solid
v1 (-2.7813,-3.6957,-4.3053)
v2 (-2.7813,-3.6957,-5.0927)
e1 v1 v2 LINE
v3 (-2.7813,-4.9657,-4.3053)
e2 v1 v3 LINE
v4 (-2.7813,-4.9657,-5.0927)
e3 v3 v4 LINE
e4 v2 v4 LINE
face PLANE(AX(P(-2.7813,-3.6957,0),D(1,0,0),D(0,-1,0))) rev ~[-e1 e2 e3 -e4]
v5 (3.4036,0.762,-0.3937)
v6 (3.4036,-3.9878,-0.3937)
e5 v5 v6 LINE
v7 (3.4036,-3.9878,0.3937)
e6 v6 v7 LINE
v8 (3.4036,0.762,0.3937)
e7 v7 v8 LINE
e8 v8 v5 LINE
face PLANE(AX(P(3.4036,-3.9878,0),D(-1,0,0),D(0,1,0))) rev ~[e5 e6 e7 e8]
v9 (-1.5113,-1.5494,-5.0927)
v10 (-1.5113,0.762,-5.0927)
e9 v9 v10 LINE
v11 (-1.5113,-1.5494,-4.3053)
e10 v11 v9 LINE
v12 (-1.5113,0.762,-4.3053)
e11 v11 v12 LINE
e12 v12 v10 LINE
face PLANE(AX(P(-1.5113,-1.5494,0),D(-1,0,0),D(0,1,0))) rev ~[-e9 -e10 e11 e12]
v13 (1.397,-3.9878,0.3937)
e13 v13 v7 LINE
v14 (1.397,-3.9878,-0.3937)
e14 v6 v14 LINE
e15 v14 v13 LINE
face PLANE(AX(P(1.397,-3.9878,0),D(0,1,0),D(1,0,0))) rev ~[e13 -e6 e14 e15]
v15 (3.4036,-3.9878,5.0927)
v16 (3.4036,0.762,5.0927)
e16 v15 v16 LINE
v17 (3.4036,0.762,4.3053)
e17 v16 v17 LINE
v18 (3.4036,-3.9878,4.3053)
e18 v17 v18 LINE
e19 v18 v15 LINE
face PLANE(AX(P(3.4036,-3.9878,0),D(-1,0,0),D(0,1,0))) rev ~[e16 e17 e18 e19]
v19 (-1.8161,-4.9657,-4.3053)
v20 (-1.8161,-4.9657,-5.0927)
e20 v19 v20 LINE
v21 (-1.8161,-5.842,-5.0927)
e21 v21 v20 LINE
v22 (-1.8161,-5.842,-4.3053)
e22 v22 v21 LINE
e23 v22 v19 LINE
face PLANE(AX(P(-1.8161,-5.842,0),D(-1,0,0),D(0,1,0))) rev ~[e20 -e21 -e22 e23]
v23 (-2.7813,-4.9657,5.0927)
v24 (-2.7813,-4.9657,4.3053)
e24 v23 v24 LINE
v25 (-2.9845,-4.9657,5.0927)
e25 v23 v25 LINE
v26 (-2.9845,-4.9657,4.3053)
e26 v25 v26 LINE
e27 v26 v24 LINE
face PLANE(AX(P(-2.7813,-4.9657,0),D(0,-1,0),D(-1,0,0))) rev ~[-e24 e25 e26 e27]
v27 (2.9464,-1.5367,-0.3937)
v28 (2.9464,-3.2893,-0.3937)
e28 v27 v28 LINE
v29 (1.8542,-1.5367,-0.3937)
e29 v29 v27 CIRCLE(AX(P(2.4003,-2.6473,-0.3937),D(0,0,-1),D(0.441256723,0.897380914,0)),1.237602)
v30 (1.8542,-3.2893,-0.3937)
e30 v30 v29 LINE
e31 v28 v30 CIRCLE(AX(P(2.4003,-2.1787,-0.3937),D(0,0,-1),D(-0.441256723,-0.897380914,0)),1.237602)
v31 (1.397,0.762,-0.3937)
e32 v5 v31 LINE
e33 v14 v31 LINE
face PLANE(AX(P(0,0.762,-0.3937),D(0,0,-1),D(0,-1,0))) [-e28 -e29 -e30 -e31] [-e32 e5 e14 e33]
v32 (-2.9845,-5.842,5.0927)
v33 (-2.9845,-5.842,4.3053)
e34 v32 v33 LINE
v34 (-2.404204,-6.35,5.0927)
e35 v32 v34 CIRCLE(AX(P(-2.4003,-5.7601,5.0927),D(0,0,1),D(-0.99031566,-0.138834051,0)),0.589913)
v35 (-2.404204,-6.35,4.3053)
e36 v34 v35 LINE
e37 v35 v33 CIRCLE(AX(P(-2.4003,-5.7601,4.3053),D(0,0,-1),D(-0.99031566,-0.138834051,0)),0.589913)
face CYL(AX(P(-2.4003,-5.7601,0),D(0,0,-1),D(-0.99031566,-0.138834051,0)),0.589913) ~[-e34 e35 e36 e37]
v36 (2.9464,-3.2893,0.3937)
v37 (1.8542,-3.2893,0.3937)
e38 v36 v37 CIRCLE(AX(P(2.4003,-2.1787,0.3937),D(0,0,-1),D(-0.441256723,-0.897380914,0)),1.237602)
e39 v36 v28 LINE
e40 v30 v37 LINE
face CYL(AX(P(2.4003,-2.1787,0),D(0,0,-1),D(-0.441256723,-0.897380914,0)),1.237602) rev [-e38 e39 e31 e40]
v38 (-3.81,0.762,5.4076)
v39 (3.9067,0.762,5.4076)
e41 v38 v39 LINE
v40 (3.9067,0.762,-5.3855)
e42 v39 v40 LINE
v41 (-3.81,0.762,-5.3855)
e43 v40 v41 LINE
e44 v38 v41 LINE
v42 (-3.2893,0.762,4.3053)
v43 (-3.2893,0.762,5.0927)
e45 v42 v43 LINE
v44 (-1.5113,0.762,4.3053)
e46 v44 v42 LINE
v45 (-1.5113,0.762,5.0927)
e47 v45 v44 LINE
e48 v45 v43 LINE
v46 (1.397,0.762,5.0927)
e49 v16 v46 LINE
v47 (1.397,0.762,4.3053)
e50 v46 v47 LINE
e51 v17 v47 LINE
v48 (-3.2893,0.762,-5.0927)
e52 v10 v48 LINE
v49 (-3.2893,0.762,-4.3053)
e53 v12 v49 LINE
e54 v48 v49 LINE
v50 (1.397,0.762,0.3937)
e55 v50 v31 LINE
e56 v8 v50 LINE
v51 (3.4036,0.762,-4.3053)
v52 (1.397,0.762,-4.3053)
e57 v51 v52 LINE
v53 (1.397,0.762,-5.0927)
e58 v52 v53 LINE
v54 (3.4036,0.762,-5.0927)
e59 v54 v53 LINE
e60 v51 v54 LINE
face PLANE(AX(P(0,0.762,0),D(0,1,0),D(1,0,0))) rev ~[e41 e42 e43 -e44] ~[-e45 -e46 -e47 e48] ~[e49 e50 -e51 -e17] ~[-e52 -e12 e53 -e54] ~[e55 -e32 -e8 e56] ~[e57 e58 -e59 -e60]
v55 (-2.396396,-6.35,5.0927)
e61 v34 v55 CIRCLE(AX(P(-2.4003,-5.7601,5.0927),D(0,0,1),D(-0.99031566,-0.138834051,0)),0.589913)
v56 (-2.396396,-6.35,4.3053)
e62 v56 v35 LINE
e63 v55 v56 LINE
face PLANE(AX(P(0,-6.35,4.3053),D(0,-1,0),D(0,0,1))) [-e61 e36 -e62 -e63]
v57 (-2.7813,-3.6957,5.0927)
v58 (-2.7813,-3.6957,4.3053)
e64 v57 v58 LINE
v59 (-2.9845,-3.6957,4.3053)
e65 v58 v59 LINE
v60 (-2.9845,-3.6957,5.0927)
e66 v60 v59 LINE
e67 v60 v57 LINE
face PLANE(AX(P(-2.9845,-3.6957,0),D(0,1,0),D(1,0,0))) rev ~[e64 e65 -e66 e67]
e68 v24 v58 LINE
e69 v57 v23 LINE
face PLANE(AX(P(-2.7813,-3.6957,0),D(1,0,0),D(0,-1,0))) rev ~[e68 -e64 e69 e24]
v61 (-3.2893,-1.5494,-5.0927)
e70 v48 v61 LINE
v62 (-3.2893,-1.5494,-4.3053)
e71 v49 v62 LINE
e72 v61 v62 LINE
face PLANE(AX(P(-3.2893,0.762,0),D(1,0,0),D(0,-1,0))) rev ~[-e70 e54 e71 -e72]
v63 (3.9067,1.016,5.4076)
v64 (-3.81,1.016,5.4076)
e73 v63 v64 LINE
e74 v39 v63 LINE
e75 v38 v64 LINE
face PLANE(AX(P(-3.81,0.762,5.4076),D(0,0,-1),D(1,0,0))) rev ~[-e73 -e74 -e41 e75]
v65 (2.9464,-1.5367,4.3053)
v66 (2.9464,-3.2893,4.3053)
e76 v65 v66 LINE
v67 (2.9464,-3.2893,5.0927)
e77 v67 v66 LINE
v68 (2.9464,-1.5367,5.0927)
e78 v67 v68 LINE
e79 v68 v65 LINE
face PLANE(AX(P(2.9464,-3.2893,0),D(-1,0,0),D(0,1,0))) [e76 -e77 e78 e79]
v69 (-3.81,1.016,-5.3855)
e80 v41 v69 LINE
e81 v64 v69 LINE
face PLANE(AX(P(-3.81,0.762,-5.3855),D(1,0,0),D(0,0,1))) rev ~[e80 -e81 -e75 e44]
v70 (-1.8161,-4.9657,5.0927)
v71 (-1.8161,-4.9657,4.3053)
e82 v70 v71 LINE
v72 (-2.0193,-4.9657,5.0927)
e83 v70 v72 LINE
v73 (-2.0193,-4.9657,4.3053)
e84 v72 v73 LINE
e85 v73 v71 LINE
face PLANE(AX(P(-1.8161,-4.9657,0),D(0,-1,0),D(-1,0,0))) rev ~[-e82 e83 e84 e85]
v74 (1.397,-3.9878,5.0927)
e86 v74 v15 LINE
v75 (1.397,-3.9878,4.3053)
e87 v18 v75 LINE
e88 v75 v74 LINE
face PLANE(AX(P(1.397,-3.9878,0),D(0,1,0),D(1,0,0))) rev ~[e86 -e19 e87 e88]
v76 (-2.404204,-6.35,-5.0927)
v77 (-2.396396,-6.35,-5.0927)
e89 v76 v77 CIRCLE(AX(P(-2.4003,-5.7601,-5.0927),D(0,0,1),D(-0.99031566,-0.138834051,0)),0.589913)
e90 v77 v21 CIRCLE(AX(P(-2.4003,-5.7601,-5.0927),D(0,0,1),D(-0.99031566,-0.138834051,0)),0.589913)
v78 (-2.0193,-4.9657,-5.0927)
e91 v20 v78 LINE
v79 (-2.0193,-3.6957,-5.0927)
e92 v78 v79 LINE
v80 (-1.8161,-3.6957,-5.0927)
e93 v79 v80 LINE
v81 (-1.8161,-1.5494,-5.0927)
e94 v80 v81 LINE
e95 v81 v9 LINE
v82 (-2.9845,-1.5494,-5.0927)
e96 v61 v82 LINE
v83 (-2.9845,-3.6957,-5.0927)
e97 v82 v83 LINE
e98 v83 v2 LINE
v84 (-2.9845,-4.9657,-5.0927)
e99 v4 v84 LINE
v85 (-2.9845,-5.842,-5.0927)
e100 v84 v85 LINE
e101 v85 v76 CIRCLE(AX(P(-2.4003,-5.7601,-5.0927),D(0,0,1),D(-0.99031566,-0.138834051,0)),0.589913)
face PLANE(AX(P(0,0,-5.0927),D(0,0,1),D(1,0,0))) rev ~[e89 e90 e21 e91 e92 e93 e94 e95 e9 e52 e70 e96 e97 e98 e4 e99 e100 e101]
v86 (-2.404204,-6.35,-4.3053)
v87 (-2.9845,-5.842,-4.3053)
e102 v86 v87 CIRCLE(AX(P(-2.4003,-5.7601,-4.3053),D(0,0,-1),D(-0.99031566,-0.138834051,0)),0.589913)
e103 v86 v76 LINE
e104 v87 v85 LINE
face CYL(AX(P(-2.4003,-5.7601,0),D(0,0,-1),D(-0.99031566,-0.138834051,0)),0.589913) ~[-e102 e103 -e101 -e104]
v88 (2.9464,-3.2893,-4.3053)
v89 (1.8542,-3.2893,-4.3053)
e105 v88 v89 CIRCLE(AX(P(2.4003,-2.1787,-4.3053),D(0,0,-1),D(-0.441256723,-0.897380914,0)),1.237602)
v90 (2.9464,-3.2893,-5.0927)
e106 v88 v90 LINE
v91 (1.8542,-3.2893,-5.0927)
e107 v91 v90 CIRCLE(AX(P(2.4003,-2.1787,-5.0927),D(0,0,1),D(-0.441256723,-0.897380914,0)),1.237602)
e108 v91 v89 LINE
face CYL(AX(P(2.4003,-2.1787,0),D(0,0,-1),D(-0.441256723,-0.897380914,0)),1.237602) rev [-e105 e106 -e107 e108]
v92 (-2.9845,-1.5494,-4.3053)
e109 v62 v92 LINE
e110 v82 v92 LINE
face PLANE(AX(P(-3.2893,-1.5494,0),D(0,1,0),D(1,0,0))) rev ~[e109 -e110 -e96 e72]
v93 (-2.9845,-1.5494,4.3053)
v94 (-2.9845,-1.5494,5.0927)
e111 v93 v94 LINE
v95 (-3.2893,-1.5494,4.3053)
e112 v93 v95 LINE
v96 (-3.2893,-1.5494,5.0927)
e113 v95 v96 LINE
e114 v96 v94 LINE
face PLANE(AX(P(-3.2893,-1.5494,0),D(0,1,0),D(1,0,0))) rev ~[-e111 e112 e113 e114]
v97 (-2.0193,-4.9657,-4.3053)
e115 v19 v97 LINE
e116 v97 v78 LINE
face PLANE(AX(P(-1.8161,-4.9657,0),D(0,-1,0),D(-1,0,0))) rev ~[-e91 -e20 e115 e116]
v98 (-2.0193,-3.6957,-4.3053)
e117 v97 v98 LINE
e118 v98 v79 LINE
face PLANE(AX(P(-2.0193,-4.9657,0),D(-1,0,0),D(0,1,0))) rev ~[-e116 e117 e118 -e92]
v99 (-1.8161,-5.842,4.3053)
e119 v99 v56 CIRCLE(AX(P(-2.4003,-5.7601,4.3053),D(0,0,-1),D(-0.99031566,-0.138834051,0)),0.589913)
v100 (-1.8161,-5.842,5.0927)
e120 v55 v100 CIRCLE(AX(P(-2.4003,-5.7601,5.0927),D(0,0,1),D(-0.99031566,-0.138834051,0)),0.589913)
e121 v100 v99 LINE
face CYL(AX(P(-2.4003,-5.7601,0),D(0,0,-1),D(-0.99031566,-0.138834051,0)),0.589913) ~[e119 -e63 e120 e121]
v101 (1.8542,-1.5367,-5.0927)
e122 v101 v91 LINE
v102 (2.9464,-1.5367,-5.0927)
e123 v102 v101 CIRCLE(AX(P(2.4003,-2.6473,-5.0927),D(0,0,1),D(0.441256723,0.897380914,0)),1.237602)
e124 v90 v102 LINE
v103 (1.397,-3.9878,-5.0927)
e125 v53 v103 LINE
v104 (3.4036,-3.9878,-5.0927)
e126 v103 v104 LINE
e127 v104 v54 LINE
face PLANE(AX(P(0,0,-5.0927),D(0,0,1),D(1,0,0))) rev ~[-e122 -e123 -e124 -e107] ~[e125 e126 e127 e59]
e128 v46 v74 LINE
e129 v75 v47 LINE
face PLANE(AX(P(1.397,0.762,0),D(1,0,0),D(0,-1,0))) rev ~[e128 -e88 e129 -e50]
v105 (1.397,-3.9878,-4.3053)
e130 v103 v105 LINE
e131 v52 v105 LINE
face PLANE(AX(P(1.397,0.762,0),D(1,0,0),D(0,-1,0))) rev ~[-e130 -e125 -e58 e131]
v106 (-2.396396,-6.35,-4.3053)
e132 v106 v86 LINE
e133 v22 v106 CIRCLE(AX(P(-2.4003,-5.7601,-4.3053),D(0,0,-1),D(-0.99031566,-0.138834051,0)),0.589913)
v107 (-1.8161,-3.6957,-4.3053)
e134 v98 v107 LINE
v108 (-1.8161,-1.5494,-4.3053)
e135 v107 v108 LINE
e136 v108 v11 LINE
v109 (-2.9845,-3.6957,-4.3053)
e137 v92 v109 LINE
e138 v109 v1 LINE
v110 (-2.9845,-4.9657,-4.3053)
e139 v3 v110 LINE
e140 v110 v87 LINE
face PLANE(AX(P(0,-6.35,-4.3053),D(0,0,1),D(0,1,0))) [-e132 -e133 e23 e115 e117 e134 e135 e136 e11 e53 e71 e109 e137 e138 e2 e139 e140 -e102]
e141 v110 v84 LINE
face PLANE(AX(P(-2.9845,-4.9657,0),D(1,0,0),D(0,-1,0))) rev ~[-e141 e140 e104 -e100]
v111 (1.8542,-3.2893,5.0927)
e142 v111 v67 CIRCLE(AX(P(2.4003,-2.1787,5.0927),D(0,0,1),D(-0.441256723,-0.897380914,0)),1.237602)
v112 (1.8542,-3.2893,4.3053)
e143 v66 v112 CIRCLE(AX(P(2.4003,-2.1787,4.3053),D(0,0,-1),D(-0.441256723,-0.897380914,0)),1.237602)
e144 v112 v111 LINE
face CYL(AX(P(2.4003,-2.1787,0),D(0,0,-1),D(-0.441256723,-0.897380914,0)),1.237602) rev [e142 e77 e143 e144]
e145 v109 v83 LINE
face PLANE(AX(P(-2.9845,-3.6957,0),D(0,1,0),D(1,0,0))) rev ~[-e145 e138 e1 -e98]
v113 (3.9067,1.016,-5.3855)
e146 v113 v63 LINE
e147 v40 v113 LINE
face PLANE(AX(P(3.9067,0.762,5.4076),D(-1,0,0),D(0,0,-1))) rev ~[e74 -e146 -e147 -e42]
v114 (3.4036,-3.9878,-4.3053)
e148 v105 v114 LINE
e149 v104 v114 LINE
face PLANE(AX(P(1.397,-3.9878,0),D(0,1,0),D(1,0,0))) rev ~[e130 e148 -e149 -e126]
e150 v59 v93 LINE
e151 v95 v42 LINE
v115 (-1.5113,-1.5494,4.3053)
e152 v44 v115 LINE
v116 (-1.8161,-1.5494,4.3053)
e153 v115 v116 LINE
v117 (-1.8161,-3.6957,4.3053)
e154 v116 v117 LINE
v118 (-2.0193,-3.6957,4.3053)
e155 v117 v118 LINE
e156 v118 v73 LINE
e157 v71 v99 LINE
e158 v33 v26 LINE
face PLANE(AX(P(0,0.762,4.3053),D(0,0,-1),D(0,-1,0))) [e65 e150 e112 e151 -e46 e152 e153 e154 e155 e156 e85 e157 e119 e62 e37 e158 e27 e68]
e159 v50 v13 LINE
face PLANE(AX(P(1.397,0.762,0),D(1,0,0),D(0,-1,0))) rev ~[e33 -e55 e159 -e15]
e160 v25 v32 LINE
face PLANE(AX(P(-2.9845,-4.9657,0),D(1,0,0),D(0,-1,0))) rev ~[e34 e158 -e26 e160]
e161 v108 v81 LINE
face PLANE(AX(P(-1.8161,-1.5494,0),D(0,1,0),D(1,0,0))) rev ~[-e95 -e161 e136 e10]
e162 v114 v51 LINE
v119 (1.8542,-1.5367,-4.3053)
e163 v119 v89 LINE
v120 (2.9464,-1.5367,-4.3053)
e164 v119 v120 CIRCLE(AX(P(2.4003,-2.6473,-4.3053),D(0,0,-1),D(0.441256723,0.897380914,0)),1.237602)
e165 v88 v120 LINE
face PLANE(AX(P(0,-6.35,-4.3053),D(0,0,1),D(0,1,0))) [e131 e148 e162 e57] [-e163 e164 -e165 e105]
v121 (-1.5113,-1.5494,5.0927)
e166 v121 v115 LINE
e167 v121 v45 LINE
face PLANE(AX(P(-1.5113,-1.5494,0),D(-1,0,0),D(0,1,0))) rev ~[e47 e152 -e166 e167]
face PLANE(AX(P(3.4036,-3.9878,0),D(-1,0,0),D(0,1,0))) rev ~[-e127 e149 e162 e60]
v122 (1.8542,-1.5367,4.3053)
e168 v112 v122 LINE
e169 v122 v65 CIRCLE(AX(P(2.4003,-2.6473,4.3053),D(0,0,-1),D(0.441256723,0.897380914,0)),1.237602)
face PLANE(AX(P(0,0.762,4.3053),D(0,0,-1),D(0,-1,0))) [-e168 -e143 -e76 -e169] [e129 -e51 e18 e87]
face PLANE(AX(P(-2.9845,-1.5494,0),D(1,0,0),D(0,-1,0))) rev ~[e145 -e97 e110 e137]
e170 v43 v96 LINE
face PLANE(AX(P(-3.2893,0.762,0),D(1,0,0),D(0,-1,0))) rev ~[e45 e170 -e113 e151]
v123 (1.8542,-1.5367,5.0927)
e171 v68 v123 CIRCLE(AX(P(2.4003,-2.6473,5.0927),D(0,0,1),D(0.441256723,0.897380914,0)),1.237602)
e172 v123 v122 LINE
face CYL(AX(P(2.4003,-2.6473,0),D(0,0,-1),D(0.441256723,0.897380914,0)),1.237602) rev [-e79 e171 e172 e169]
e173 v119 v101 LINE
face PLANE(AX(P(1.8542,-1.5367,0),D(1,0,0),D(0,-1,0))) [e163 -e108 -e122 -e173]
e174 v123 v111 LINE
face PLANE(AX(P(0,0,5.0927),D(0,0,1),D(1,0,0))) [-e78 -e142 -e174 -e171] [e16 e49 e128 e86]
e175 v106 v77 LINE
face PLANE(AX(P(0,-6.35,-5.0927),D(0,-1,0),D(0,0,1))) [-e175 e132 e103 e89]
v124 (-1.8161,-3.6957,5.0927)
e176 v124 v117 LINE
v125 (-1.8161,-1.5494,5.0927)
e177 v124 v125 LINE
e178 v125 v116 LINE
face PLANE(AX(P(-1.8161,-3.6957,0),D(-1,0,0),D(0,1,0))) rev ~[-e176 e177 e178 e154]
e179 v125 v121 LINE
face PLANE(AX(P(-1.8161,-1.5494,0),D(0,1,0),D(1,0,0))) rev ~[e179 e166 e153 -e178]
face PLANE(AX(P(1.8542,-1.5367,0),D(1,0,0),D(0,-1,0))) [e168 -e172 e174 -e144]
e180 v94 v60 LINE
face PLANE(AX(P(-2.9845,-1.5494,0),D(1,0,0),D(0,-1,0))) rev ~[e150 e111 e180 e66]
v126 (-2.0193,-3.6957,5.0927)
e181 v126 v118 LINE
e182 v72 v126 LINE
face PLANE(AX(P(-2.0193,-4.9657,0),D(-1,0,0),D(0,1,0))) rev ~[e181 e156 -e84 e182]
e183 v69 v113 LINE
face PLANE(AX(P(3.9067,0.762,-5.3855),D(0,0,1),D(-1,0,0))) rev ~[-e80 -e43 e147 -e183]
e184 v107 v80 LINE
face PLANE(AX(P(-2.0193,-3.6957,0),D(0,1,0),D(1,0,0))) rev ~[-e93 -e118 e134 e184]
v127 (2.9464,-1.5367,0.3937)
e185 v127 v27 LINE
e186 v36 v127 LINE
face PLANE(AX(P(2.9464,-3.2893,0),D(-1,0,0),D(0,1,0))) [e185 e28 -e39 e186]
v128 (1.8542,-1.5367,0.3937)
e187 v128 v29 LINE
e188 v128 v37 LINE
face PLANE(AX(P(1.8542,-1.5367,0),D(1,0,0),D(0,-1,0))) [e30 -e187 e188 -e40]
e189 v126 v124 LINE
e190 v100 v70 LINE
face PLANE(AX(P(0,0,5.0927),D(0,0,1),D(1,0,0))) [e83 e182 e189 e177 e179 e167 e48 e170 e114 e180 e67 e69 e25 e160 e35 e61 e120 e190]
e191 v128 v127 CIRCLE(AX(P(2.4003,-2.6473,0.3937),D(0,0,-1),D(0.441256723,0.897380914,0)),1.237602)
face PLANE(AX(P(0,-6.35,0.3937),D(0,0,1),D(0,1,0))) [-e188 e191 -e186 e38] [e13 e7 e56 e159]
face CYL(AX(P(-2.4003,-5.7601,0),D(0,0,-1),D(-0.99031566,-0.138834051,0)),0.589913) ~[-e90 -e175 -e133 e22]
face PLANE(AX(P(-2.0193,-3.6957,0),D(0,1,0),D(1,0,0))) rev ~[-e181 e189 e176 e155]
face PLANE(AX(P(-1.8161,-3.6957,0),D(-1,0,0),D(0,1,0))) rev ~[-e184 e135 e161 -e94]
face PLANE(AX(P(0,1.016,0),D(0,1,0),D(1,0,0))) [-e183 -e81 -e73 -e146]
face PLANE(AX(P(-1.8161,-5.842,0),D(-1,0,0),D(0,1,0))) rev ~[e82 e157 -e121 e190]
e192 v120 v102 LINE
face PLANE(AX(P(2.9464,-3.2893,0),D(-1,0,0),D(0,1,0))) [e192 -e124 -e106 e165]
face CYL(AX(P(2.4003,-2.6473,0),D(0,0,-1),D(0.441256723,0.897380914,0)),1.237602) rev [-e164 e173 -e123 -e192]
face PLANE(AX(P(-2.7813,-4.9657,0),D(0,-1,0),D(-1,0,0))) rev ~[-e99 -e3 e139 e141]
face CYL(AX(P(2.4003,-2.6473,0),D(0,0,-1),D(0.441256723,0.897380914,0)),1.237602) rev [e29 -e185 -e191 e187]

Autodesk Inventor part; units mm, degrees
sketch "Sketch_1" plane through (0, 0.762, 0) normal (0, 1, 0) x (1, 0, 0)
  line L0 (-6.096, -6.096) -> (6.096, -6.096)
  line L1 (6.096, -6.096) -> (6.096, 6.096)
  line L2 (6.096, 6.096) -> (-6.096, 6.096)
  line L3 (-6.096, 6.096) -> (-6.096, -6.096)
extrude "Extrusion1" add sketch "Sketch_1" along normal blind 0.254
sketch "Sketch_2" plane through (0, 0, 0) normal (0, 0, 1) x (1, 0, 0)
  line L0 (1.397, -3.9878) -> (3.4036, -3.9878)
  line L1 (3.4036, -3.9878) -> (3.4036, 0.762)
  line L2 (3.4036, 0.762) -> (1.397, 0.762)
  line L3 (1.397, 0.762) -> (1.397, -3.9878)
  arc A0 (1.8542, -3.2893) -> (2.9464, -3.2893) centre (2.4003, -2.1787) ccw
  line L4 (2.9464, -3.2893) -> (2.9464, -1.5367)
  arc A1 (2.9464, -1.5367) -> (1.8542, -1.5367) centre (2.4003, -2.6473) ccw
  line L5 (1.8542, -1.5367) -> (1.8542, -3.2893)
extrude "Extrusion2" add sketch "Sketch_2" along normal mid plane 10.1854
sketch "Sketch_3" plane through (0, 0, 0) normal (0, 0, 1) x (1, 0, 0)
  line L0 (-3.2893, 0.762) -> (-3.2893, -1.5494)
  line L1 (-3.2893, -1.5494) -> (-2.9845, -1.5494)
  line L2 (-2.9845, -1.5494) -> (-2.9845, -3.6957)
  line L3 (-2.9845, -3.6957) -> (-2.7813, -3.6957)
  line L4 (-2.7813, -3.6957) -> (-2.7813, -4.9657)
  line L5 (-2.7813, -4.9657) -> (-2.9845, -4.9657)
  line L6 (-2.9845, -4.9657) -> (-2.9845, -5.842)
  arc A0 (-2.9845, -5.842) -> (-1.8161, -5.842) centre (-2.4003, -5.7601) ccw
  line L7 (-1.8161, -5.842) -> (-1.8161, -4.9657)
  line L8 (-1.8161, -4.9657) -> (-2.0193, -4.9657)
  line L9 (-2.0193, -4.9657) -> (-2.0193, -3.6957)
  line L10 (-2.0193, -3.6957) -> (-1.8161, -3.6957)
  line L11 (-1.8161, -3.6957) -> (-1.8161, -1.5494)
  line L12 (-1.8161, -1.5494) -> (-1.5113, -1.5494)
  line L13 (-1.5113, -1.5494) -> (-1.5113, 0.762)
  line L14 (-1.5113, 0.762) -> (-3.2893, 0.762)
extrude "Extrusion3" add sketch "Sketch_3" along normal mid plane 10.1854
sketch "Sketch_4" plane through (0, 0, 0) normal (1, 0, 0) x (0, 1, 0)
  line L0 (-7.1882, 5.9756) -> (-7.1882, -5.9196)
  line L1 (-7.1882, -5.9196) -> (0.762, -5.9196)
  line L2 (0.762, -5.9196) -> (0.762, -5.0927)
  line L3 (0.762, -5.0927) -> (-6.35, -5.0927)
  line L4 (-6.35, -5.0927) -> (-6.35, -4.3053)
  line L5 (-6.35, -4.3053) -> (0.762, -4.3053)
  line L6 (0.762, -4.3053) -> (0.762, -0.3937)
  line L7 (0.762, -0.3937) -> (-6.35, -0.3937)
  line L8 (-6.35, -0.3937) -> (-6.35, 0.3937)
  line L9 (-6.35, 0.3937) -> (0.762, 0.3937)
  line L10 (0.762, 0.3937) -> (0.762, 4.3053)
  line L11 (0.762, 4.3053) -> (-6.35, 4.3053)
  line L12 (-6.35, 4.3053) -> (-6.35, 5.0927)
  line L13 (-6.35, 5.0927) -> (0.762, 5.0927)
  line L14 (0.762, 5.0927) -> (0.762, 5.9756)
  line L15 (0.762, 5.9756) -> (-7.1882, 5.9756)
extrude "Extrusion4" cut sketch "Sketch_4" along normal mid plane 10.16
sketch "Sketch_19" plane through (0, 0.762, 0) normal (0, 1, 0) x (1, 0, 0)
  line L0 (-6.096, -6.096) -> (6.096, -6.096)
  line L1 (6.096, -6.096) -> (6.096, 6.096)
  line L2 (6.096, 6.096) -> (-6.096, 6.096)
  line L3 (-6.096, 6.096) -> (-6.096, -6.096)
  line L4 (-3.81, 5.3855) -> (-3.81, -5.4076)
  line L5 (-3.81, -5.4076) -> (3.9067, -5.4076)
  line L6 (3.9067, -5.4076) -> (3.9067, 5.3855)
  line L7 (3.9067, 5.3855) -> (-3.81, 5.3855)
extrude "Extrusion5" cut sketch "Sketch_19" along normal blind 2.54
sketch "Sketch_24" plane through (0, 0, 0) normal (0, 0, 1) x (1, 0, 0)
  line L0 (-8.7503, 0.762) -> (-8.7503, -7.62)
  line L1 (-8.7503, -7.62) -> (-1.2573, -7.62)
  line L2 (-1.2573, -7.62) -> (-1.2573, 0.762)
  line L3 (-1.2573, 0.762) -> (-8.7503, 0.762)
extrude "Extrusion6" cut sketch "Sketch_24" along normal mid plane 2.54
ref_plane "terminal_to_body_XY" through (0, 0, 0) normal (0, 1, 0) x (1, 0, 0)
ref_plane "terminal_to_body_YZ" through (0, 0, 0) normal (1, 0, 0) x (0, 0, -1)
ref_plane "terminal_to_body_ZX" through (0, 0, 0) normal (0, 0, -1) x (0, 1, 0)
properties part number "M211LCW01-terminals"
